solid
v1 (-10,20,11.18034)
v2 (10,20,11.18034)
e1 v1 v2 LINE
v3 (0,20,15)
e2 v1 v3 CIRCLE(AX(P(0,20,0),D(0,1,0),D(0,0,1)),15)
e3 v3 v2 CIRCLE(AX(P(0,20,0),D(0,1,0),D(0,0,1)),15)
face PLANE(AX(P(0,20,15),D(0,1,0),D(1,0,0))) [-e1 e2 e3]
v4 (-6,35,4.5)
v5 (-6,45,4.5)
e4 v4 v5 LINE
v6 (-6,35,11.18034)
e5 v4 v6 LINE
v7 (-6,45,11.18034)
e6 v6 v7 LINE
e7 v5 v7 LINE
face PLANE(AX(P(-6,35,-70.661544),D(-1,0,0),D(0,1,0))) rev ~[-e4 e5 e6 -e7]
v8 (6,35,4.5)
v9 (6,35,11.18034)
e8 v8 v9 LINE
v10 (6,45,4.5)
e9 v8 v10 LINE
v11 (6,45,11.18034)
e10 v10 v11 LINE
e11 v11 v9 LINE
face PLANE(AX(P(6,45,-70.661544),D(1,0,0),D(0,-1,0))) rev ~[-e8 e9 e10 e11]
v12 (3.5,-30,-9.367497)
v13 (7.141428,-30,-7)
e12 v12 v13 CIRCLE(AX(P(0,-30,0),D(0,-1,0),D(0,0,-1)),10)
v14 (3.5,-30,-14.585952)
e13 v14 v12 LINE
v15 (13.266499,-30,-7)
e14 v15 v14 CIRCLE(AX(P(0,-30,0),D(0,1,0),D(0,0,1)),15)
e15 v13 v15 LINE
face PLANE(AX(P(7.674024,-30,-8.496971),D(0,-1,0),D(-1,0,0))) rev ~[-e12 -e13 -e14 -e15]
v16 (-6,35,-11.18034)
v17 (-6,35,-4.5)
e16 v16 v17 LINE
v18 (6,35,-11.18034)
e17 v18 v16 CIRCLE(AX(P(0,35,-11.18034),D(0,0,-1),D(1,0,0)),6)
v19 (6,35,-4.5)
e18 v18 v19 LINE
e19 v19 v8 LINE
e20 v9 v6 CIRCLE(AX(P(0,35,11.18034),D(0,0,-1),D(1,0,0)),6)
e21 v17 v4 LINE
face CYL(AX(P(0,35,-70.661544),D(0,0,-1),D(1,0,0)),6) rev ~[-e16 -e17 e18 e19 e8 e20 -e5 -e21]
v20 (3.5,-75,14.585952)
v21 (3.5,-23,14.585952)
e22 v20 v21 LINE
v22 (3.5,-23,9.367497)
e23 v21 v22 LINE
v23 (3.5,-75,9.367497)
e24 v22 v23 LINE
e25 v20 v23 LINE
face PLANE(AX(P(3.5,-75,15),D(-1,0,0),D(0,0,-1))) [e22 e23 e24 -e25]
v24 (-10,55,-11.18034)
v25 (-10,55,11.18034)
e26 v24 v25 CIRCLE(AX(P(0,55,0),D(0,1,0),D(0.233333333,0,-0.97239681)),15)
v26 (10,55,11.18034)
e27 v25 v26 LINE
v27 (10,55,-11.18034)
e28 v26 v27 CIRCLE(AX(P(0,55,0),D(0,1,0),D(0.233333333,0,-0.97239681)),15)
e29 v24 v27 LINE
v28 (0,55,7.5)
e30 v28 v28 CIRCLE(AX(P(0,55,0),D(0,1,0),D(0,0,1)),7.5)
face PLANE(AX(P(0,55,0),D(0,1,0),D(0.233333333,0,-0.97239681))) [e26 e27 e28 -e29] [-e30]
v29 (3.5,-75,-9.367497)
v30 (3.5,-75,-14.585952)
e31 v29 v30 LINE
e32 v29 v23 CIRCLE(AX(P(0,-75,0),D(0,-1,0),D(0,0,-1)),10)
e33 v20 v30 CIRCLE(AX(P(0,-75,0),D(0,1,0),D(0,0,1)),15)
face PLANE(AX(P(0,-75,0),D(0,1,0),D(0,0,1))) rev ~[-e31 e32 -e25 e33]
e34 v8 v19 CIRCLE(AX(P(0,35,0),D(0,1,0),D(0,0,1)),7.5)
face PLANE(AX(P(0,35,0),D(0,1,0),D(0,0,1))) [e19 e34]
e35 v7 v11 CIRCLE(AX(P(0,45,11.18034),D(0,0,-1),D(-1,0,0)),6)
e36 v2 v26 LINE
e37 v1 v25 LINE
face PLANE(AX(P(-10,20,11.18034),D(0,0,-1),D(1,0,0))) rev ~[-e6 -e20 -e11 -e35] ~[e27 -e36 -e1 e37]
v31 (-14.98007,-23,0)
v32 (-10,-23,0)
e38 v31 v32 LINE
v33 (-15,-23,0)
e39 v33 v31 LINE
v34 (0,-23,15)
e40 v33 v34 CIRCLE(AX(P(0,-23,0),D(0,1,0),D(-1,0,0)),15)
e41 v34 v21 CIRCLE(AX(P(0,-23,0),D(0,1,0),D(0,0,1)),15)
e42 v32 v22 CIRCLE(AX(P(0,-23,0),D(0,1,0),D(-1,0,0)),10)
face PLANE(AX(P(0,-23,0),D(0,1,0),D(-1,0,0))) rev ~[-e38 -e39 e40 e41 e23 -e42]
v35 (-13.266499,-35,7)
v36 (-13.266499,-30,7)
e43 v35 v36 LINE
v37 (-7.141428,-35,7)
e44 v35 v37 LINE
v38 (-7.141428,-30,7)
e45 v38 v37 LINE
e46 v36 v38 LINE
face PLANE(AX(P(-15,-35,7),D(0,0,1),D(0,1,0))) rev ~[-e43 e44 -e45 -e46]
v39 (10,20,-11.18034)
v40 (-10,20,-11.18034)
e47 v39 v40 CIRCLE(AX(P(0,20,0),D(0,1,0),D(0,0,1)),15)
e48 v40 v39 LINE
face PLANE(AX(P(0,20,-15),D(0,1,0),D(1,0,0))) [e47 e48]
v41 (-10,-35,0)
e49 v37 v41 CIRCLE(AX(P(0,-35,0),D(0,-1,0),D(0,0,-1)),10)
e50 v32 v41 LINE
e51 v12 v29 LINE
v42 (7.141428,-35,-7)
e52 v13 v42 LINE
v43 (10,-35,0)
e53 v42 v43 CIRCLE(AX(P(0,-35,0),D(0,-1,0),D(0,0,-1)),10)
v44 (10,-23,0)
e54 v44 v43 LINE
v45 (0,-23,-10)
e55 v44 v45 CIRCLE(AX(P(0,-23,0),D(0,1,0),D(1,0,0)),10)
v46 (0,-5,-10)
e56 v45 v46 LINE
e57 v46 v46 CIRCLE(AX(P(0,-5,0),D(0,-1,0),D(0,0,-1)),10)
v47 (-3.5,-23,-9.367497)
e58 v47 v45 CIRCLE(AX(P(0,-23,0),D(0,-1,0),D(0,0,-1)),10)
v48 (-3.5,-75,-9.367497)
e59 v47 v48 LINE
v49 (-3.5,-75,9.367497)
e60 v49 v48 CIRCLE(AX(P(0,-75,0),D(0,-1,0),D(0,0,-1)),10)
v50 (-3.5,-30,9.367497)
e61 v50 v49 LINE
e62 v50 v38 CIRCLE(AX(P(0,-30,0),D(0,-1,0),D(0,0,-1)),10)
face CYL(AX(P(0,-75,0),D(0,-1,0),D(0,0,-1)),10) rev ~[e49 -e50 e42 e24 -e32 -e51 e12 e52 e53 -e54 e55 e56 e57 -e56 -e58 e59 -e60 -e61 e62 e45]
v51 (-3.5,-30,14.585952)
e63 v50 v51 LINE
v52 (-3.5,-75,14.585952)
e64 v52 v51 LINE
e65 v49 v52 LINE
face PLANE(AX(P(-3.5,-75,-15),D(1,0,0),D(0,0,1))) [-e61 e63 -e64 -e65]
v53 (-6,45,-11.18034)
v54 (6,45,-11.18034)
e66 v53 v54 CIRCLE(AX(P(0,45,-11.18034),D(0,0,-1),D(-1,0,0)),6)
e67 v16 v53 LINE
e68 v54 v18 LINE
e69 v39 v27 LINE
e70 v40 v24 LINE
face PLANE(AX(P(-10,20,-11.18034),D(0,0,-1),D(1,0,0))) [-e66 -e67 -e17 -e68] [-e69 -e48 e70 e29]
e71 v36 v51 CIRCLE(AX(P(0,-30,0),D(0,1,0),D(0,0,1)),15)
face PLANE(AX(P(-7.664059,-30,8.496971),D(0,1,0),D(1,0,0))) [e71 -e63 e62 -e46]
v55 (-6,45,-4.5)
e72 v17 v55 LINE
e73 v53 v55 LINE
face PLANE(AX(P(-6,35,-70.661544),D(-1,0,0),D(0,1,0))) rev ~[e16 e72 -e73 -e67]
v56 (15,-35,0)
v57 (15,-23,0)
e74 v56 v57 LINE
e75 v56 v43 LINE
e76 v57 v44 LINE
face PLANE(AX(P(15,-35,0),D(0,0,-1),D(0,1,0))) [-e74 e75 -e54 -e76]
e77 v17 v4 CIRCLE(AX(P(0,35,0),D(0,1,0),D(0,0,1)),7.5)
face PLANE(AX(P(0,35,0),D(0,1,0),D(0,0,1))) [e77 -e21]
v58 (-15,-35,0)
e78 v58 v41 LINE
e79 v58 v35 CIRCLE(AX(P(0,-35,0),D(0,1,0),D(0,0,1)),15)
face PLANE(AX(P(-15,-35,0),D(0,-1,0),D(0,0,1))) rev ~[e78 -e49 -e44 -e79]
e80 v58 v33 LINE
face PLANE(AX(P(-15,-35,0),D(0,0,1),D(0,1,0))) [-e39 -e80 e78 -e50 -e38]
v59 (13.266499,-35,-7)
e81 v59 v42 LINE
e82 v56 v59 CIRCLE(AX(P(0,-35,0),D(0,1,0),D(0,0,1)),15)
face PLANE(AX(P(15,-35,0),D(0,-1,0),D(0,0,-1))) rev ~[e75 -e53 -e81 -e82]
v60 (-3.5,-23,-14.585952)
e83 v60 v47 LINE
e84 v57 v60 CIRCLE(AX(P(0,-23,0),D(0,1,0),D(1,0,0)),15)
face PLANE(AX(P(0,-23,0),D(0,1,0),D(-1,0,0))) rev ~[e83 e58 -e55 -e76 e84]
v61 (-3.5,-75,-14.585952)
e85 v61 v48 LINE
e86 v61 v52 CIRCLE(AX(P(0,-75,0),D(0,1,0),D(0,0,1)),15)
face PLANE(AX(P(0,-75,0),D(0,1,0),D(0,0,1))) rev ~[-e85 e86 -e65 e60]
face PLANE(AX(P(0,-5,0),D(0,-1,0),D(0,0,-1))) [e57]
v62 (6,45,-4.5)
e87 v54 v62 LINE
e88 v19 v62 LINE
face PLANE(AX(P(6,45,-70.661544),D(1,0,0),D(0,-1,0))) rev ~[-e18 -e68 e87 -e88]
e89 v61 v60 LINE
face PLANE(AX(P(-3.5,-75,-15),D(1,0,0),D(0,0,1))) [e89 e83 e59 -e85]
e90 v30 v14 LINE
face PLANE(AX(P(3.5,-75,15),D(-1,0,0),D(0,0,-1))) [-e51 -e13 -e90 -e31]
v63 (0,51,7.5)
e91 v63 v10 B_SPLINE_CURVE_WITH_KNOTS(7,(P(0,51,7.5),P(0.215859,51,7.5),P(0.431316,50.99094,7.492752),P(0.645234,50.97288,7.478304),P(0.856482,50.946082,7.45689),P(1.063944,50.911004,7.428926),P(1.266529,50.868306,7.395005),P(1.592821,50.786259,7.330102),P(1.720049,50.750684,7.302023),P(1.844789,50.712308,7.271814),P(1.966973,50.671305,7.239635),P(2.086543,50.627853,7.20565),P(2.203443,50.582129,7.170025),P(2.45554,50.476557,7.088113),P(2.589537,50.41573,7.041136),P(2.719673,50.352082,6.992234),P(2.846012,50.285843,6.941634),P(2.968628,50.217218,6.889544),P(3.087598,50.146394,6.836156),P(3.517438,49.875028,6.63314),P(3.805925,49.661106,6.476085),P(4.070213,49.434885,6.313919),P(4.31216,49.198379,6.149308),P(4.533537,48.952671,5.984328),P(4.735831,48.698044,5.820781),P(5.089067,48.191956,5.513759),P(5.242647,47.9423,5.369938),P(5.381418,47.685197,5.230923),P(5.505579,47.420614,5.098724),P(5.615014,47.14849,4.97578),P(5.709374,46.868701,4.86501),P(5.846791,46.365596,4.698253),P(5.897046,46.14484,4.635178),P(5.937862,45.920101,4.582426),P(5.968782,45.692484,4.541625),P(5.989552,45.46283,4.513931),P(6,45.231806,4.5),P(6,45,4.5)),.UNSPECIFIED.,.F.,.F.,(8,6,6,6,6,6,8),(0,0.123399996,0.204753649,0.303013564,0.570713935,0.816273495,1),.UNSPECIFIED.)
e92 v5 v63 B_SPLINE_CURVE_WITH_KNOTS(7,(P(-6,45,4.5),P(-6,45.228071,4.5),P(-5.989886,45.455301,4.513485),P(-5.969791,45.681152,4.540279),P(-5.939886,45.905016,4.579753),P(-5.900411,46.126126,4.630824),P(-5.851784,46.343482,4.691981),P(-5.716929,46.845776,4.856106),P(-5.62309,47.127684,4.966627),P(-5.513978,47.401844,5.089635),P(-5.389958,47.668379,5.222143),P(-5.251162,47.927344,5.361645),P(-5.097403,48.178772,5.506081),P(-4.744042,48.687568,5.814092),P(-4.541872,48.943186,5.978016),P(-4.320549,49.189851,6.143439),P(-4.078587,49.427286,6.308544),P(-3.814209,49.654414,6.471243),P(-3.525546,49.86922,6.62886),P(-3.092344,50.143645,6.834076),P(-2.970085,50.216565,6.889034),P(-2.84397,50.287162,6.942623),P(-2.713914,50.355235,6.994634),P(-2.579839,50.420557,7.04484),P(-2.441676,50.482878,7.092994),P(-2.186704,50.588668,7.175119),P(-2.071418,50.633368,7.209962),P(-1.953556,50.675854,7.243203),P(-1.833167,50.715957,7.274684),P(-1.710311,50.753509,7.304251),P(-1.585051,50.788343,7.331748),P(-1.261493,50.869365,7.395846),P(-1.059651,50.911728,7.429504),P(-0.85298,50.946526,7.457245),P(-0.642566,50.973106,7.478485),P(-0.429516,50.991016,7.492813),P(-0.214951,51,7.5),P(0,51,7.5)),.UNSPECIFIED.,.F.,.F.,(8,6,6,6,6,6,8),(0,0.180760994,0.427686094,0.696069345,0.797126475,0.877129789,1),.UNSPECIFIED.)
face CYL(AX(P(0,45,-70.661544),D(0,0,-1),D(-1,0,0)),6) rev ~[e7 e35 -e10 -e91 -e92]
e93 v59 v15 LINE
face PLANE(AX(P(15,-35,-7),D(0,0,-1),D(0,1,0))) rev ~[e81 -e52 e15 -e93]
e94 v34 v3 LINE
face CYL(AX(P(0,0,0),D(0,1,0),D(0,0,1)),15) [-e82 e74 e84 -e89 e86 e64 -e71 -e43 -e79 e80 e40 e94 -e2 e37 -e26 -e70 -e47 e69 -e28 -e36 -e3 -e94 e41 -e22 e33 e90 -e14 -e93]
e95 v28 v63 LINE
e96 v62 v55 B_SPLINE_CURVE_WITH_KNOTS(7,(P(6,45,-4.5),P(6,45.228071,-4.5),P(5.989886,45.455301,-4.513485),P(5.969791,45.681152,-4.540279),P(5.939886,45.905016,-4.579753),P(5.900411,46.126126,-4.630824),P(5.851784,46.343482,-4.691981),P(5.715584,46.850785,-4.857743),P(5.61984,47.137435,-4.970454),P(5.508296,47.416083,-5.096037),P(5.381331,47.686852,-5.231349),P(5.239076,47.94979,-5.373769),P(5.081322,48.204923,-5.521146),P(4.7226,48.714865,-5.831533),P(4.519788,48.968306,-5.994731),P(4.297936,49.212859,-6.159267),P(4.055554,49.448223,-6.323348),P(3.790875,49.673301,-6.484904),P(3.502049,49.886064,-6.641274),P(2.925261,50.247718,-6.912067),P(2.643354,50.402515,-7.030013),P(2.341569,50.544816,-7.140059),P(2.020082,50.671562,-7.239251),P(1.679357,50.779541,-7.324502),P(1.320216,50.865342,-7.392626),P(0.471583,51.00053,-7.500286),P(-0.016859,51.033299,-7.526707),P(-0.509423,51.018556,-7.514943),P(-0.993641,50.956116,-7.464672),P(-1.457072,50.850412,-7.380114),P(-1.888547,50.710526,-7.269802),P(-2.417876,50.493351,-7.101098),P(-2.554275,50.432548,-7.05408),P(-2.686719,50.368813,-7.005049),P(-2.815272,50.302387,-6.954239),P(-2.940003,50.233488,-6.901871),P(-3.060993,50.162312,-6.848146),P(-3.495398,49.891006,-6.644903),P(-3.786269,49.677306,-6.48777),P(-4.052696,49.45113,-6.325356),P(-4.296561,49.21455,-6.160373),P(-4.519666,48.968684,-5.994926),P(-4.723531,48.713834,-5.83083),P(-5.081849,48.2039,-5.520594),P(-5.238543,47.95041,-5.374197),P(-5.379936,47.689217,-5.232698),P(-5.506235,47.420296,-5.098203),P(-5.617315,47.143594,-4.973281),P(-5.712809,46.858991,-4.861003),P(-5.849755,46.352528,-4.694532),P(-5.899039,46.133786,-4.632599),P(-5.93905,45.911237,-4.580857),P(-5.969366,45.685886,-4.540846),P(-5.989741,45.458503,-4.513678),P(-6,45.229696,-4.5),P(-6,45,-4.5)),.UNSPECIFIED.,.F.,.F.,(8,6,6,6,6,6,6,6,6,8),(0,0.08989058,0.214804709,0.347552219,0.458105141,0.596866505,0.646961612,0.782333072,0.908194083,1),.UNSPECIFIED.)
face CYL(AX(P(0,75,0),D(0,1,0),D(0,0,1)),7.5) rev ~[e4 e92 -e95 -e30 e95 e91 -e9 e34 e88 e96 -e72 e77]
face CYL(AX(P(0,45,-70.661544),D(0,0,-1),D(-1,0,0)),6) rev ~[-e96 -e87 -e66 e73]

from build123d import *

# Parameters (mm, degrees)
SKETCH1_R                = 15
BOSS_EXTRUDE1_DEPTH      = 75
CUT_EXTRUDE1_DEPTH       = 52
CUT_EXTRUDE2_DEPTH       = 3.5
SKETCH9_R                = 10
CUT_EXTRUDE12_DEPTH      = 70
SKETCH17_W               = 7
SKETCH17_H               = 12
CUT_EXTRUDE19_DEPTH      = 15
SKETCH19_W               = 7
SKETCH19_H               = 12
CUT_EXTRUDE20_DEPTH      = 15
SKETCH20_R               = 7.5
CUT_EXTRUDE21_DEPTH      = 40
CUT_EXTRUDE25_DEPTH      = 152.492574075
CUT_EXTRUDE25_DEPTH_BACK = 55
SKETCH21_W               = 20
SKETCH21_H               = 7.639320226
CUT_EXTRUDE28_DEPTH      = 152.492574075
CUT_EXTRUDE28_DEPTH_BACK = 10
SKETCH24_R               = 15
SKETCH25_R               = 15
CUT_EXTRUDE29_DEPTH      = 10
CUT_EXTRUDE30_DEPTH      = 81.841883926
CUT_EXTRUDE30_DEPTH_BACK = 81.841883926


with BuildPart() as part:
    # Sketch1 → Boss-Extrude1 (new, symmetric)
    with BuildSketch(Plane(origin=(0, 0, 0), x_dir=(1, 0, 0), z_dir=(0, 1, 0))):
        with Locations(Location((0, 0, 0), (0, 0, 270))):
            Circle(SKETCH1_R)
    extrude(amount=BOSS_EXTRUDE1_DEPTH, both=True)

    # Sketch2 → Cut-Extrude1 (cut)
    with BuildSketch(Plane.XZ.offset(75)):
        with BuildLine():
            Line((3.5, 15), (3.5, -15))
            ThreePointArc((3.5, -15), (0, -18.5), (-3.5, -15))
            Line((-3.5, -15), (-3.5, 15))
            ThreePointArc((-3.5, 15), (0, 18.5), (3.5, 15))
        make_face()
    extrude(amount=-CUT_EXTRUDE1_DEPTH, mode=Mode.SUBTRACT)

    # Sketch3 → Cut-Extrude2 (cut, symmetric)
    with BuildSketch(Plane(origin=(0, -26.5, 0), x_dir=(1, 0, 0), z_dir=(0, 1, 0))):
        Polygon((-14.980069936, 0), (-15.328117643, -9.993941304), (-0.348047707, -16.993941304), (0, -7), align=None)
        Polygon((15, 0), (0, 7), (0.348047707, 16.993941304), (15.348047707, 9.993941304), align=None)
    extrude(amount=CUT_EXTRUDE2_DEPTH, both=True, mode=Mode.SUBTRACT)

    # Sketch9 → Cut-Extrude12 (cut)
    with BuildSketch(Plane.XZ.offset(75)):
        with Locations(Location((0, 0, 0), (0, 0, 270))):
            Circle(SKETCH9_R)
    extrude(amount=-CUT_EXTRUDE12_DEPTH, mode=Mode.SUBTRACT)

    # Sketch17 → Cut-Extrude19 (cut)
    with BuildSketch(Plane(origin=(15, 0, 0), x_dir=(0, 0, -1), z_dir=(1, 0, 0))):
        with Locations((3.5, -29)):
            Rectangle(SKETCH17_W, SKETCH17_H)
    extrude(amount=-CUT_EXTRUDE19_DEPTH, mode=Mode.SUBTRACT)

    # Sketch19 → Cut-Extrude20 (cut)
    with BuildSketch(Plane.ZY.offset(15)):
        with Locations((3.5, -29)):
            Rectangle(SKETCH19_W, SKETCH19_H)
    extrude(amount=-CUT_EXTRUDE20_DEPTH, mode=Mode.SUBTRACT)

    # Sketch20 → Cut-Extrude21 (cut)
    with BuildSketch(Plane(origin=(0, 75, 0), x_dir=(1, 0, 0), z_dir=(0, 1, 0))):
        with Locations(Location((0, 0, 0), (0, 0, 270))):
            Circle(SKETCH20_R)
    extrude(amount=-CUT_EXTRUDE21_DEPTH, mode=Mode.SUBTRACT)

    # Sketch21 → Cut-Extrude25 (cut, two sides: drawn at the far end of the back side and taken through both)
    with BuildSketch(Plane(origin=(0, 75, 0), x_dir=(1, 0, 0), z_dir=(0, 1, 0)).offset(-CUT_EXTRUDE25_DEPTH_BACK)):
        with Locations((0, 15)):
            Rectangle(SKETCH21_W, SKETCH21_H)
        with Locations((0, -15)):
            Rectangle(SKETCH21_W, SKETCH21_H)
    extrude(amount=CUT_EXTRUDE25_DEPTH + CUT_EXTRUDE25_DEPTH_BACK, mode=Mode.SUBTRACT)

    # Sketch24 → Cut-Extrude28 (cut, two sides: drawn at the far end of the back side and taken through both)
    with BuildSketch(Plane(origin=(0, 75, 0), x_dir=(1, 0, 0), z_dir=(0, 1, 0)).offset(-CUT_EXTRUDE28_DEPTH_BACK)):
        with Locations(Location((0, 0, 0), (0, 0, 76.506601178))):
            Circle(SKETCH24_R)
    extrude(amount=CUT_EXTRUDE28_DEPTH + CUT_EXTRUDE28_DEPTH_BACK, mode=Mode.SUBTRACT)

    # Sketch25 → Cut-Extrude29 (cut)
    with BuildSketch(Plane(origin=(0, 65, 0), x_dir=(1, 0, 0), z_dir=(0, 1, 0))):
        with Locations(Location((0, 0, 0), (0, 0, 76.506601178))):
            Circle(SKETCH25_R)
    extrude(amount=-CUT_EXTRUDE29_DEPTH, mode=Mode.SUBTRACT)

    # Sketch26 → Cut-Extrude30 (cut, two sides: drawn at the far end of the back side and taken through both)
    with BuildSketch(Plane.XY.offset(11.180339887).offset(-CUT_EXTRUDE30_DEPTH_BACK)):
        with BuildLine():
            Line((6, 45), (6, 35))
            ThreePointArc((6, 35), (0, 29), (-6, 35))
            Line((-6, 35), (-6, 45))
            ThreePointArc((-6, 45), (0, 51), (6, 45))
        make_face()
    extrude(amount=CUT_EXTRUDE30_DEPTH + CUT_EXTRUDE30_DEPTH_BACK, mode=Mode.SUBTRACT)


solid = part.part
